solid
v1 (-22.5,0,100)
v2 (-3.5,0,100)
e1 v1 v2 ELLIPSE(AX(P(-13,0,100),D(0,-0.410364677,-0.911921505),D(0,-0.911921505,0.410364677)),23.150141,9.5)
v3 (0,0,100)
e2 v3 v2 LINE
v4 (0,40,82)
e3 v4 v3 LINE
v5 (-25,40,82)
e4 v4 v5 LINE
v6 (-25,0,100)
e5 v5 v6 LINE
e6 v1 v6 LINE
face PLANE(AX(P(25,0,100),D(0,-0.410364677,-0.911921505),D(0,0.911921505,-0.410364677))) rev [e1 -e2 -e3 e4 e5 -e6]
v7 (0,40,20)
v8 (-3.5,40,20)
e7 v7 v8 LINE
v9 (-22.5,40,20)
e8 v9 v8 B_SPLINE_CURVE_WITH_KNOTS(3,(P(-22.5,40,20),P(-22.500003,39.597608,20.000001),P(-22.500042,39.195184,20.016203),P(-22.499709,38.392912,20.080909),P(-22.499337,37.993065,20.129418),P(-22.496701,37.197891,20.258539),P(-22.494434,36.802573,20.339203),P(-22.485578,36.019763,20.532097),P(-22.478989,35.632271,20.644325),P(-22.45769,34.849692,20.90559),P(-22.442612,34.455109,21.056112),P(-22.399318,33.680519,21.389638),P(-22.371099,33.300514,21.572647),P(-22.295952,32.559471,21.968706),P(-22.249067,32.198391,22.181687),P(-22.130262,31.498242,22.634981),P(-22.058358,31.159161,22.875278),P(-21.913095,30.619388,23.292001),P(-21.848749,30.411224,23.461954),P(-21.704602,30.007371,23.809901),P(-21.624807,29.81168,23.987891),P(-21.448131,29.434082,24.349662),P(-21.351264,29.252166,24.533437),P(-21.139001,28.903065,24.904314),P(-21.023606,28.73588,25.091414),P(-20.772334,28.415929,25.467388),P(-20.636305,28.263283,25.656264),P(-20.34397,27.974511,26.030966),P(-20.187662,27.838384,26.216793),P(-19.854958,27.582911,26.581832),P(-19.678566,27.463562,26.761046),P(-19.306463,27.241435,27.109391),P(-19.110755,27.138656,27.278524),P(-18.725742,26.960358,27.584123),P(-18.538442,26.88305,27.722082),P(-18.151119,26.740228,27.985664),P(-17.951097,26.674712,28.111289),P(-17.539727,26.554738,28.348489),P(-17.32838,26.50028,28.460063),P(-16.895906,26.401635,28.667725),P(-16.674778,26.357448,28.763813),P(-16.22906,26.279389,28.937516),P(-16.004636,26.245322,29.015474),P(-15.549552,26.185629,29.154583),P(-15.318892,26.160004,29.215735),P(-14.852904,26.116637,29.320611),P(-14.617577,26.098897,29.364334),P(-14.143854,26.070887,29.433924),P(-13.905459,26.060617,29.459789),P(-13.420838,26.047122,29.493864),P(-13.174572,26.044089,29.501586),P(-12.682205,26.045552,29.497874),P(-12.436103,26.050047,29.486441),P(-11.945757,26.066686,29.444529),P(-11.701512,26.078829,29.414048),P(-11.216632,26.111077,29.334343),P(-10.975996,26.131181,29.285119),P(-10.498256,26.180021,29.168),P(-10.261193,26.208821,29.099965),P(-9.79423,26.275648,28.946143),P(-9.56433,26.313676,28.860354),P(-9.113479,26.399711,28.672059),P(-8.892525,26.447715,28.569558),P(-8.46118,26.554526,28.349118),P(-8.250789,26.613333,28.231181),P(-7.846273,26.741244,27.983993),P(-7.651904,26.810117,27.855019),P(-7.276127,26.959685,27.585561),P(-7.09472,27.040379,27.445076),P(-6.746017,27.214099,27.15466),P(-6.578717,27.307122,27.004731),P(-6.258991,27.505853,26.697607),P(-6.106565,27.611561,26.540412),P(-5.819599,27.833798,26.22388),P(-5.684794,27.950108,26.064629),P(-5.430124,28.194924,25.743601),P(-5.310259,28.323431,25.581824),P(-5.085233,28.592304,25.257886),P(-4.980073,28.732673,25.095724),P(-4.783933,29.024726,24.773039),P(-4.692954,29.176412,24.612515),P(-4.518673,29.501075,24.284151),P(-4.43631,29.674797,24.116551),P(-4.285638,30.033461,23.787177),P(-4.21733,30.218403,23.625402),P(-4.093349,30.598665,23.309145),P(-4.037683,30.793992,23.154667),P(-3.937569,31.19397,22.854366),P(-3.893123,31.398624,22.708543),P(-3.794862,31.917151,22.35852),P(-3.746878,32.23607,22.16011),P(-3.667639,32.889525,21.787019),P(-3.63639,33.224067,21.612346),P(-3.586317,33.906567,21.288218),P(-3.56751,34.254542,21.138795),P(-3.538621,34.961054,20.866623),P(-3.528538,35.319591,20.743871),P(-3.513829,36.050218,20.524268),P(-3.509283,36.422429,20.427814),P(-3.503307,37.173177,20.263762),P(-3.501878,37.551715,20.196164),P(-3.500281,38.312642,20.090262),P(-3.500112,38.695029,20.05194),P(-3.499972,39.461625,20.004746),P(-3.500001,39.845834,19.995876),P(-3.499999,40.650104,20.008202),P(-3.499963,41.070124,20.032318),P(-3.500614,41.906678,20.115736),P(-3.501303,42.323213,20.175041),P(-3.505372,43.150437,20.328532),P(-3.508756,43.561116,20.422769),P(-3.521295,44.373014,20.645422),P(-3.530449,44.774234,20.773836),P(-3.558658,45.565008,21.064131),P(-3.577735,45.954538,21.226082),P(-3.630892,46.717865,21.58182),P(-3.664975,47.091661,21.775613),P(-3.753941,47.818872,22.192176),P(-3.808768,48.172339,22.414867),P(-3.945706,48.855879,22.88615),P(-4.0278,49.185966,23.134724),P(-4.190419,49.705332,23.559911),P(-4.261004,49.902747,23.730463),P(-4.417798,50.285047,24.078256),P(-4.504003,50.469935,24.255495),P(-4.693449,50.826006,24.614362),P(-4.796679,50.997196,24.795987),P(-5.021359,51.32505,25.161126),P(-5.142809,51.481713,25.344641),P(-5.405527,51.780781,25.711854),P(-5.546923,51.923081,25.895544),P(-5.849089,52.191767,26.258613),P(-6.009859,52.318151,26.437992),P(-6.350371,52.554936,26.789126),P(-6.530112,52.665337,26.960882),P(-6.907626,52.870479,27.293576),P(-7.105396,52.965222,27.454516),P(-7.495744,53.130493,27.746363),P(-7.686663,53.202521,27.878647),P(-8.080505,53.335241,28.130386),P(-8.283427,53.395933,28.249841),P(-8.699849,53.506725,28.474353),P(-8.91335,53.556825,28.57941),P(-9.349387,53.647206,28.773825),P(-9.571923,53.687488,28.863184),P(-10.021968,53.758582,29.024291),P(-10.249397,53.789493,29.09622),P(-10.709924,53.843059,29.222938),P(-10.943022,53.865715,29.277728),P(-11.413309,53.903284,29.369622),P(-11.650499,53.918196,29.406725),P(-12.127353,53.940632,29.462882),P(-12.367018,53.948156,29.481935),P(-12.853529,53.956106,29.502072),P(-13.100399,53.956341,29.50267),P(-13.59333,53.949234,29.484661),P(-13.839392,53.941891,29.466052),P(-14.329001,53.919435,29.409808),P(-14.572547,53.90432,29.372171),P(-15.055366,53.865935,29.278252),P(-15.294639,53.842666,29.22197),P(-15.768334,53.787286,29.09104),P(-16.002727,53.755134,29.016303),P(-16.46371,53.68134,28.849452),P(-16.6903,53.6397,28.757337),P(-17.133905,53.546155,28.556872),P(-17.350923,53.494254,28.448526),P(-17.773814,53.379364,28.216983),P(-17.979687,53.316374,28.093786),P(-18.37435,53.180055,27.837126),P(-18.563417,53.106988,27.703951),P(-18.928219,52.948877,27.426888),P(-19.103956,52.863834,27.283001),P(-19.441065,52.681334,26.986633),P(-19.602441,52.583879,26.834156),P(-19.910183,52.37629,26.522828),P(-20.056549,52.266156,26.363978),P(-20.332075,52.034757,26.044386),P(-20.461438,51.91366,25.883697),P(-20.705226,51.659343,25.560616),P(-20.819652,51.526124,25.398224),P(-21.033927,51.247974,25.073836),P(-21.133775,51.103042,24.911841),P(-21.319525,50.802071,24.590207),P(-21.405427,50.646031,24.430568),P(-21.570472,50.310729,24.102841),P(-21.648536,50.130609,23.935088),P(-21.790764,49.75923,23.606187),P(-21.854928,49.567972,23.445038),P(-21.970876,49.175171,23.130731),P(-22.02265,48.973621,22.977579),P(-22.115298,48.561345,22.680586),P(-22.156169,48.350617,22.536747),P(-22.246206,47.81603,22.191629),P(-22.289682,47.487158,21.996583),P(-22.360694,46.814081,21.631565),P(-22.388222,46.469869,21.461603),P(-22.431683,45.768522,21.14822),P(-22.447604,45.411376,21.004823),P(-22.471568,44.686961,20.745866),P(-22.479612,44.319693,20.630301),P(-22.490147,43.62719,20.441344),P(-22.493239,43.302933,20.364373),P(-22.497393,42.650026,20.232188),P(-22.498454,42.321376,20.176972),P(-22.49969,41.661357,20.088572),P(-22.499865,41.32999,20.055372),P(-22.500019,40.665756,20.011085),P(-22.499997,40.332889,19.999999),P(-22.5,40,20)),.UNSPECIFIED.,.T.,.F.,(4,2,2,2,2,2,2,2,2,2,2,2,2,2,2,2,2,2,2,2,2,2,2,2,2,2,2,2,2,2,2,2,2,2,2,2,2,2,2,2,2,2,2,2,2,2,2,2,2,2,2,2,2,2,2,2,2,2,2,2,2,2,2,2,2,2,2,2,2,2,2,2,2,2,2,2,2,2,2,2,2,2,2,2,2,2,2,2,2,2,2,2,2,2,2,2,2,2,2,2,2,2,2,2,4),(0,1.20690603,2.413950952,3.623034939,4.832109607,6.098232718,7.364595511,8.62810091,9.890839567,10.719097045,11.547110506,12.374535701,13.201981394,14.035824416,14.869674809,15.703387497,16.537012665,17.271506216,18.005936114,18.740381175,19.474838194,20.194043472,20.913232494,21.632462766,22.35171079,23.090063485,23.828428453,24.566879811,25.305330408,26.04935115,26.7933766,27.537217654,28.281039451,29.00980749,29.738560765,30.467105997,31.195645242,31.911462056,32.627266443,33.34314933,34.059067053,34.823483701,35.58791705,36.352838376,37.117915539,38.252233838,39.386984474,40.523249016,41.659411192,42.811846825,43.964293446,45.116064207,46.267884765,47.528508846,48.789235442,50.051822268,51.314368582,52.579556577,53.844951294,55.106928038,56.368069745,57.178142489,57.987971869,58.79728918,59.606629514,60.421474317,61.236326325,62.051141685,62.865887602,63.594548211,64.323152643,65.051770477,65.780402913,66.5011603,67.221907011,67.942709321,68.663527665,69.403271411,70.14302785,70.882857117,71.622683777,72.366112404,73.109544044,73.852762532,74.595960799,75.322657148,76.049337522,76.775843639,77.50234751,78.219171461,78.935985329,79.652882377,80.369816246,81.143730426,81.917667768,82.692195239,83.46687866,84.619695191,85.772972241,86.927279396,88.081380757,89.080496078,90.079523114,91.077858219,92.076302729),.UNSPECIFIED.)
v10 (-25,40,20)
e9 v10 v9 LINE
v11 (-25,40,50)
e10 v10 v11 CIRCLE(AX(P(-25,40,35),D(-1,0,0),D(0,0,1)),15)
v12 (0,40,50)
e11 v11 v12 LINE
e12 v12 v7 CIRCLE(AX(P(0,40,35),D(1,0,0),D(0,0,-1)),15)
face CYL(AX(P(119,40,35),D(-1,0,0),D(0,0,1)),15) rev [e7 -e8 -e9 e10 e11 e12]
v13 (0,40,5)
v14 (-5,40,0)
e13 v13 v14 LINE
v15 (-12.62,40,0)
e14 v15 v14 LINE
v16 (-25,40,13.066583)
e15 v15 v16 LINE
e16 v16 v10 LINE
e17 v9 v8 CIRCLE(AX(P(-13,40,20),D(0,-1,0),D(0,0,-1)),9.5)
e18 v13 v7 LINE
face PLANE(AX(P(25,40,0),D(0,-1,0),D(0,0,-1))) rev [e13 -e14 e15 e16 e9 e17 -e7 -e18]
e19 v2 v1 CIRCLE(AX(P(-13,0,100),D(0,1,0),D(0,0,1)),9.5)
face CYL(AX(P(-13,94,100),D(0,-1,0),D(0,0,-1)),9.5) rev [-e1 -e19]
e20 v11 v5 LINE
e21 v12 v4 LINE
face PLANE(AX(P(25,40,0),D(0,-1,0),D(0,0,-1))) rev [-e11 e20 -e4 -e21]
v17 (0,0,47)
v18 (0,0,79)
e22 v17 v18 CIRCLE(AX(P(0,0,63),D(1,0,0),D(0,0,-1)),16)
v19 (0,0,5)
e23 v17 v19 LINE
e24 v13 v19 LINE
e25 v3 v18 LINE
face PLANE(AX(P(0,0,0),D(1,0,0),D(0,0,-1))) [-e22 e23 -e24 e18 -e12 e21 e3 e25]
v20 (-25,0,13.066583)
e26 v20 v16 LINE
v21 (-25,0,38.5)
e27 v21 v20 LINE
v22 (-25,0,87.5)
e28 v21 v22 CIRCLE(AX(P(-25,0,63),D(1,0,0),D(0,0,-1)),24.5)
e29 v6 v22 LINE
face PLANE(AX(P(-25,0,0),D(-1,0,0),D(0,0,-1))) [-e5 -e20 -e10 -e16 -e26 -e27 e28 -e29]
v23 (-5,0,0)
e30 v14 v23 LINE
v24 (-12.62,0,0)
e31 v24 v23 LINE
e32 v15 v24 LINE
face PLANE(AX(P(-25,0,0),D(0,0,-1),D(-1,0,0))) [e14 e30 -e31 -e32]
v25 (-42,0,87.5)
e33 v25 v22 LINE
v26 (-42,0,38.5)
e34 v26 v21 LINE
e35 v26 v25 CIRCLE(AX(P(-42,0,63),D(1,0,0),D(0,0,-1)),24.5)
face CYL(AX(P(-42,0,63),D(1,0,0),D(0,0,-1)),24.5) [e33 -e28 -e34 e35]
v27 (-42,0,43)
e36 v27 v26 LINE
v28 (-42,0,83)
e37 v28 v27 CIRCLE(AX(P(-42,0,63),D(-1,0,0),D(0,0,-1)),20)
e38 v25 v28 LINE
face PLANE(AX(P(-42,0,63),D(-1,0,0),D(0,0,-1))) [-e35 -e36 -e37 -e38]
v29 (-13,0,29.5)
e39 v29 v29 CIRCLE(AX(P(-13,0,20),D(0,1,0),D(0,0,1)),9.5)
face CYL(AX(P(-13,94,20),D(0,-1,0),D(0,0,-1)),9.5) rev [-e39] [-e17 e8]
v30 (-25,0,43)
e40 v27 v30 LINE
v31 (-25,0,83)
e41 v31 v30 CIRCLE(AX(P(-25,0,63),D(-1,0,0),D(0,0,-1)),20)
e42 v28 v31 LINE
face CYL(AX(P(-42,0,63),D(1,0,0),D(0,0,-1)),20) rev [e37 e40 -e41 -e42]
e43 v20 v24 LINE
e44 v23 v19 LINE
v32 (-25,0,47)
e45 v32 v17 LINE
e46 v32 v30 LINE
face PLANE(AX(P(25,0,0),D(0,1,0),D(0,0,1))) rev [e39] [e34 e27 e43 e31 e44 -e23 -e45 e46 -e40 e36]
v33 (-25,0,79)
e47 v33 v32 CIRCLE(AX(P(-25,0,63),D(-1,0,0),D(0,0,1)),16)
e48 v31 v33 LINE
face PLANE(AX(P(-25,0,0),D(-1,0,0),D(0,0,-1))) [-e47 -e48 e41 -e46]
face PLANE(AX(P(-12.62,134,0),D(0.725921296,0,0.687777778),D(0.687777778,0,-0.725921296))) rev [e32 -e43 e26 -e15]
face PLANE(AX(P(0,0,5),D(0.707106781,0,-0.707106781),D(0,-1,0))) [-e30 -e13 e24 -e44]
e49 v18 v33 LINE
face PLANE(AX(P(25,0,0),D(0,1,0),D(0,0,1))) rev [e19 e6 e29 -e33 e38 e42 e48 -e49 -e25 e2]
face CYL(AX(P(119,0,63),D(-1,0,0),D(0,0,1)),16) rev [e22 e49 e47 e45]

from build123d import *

# Parameters (mm, degrees)
SALIENTE_EXTRUIR1_DEPTH    = 25
CORTAR_EXTRUIR1_START      = -94
CROQUIS2_R                 = 9.5
CORTAR_EXTRUIR1_DEPTH      = 148
CROQUIS3_R                 = 15
CROQUIS3_R_2               = 16
CORTAR_EXTRUIR2_DEPTH      = 94
CORTAR_EXTRUIR3_DEPTH      = 94
CHAFL_N2_SIZE              = 5
SALIENTE_EXTRUIR2_DEPTH    = 17
CHAFL_N2_OF_SIMETR_A1_SIZE = 5
CROQUIS6_W                 = 120.154705919
CROQUIS6_H                 = 59.700185721
CORTAR_EXTRUIR4_DEPTH      = 90


with BuildPart() as part:
    # Croquis1 → Saliente-Extruir1 (new body)
    with BuildSketch(Plane(origin=(0, 0, 0), x_dir=(0, 0, -1), z_dir=(1, 0, 0))):
        Polygon((-100, 0), (-82, 40), (0, 40), (0, 0), align=None)
    saliente_extruir1 = extrude(amount=SALIENTE_EXTRUIR1_DEPTH)

    # Croquis2 → Cortar-Extruir1 (cut)
    with BuildSketch(Plane(origin=(0, 40, 0), x_dir=(1, 0, 0), z_dir=(0, 1, 0)).offset(CORTAR_EXTRUIR1_START)):
        with Locations((13, -100)):
            Circle(CROQUIS2_R)
        with Locations((13, -20)):
            Circle(CROQUIS2_R)
    cortar_extruir1 = extrude(amount=CORTAR_EXTRUIR1_DEPTH, mode=Mode.SUBTRACT)

    # Croquis3 → Cortar-Extruir2 (cut, symmetric)
    with BuildSketch(Plane(origin=(25, 0, 0), x_dir=(0, 0, -1), z_dir=(1, 0, 0))):
        with Locations((-35, 40)):
            Circle(CROQUIS3_R)
        with Locations((-63, 0)):
            Circle(CROQUIS3_R_2)
    cortar_extruir2 = extrude(amount=CORTAR_EXTRUIR2_DEPTH, both=True, mode=Mode.SUBTRACT)

    # Croquis4 → Cortar-Extruir3 (cut, symmetric)
    with BuildSketch(Plane(origin=(0, 40, 0), x_dir=(1, 0, 0), z_dir=(0, 1, 0))):
        Polygon((12.62, 0), (25, -13.066583333), (25, 0), align=None)
    cortar_extruir3 = extrude(amount=CORTAR_EXTRUIR3_DEPTH, both=True, mode=Mode.SUBTRACT)

    # Chaflán2
    chafl_n2_edges = [part.edges().sort_by_distance(p)[0] for p in [
        (0, 20, 0),
    ]]
    chamfer(chafl_n2_edges, length=CHAFL_N2_SIZE)

    # Croquis5 → Saliente-Extruir2 (add)
    with BuildSketch(Plane(origin=(25, 0, 0), x_dir=(0, 0, -1), z_dir=(1, 0, 0))):
        with BuildLine():
            Line((-87.5, 0), (-83, 0))
            ThreePointArc((-83, 0), (-63, 20), (-43, 0))
            Line((-43, 0), (-38.5, 0))
            ThreePointArc((-38.5, 0), (-63, 24.5), (-87.5, 0))
        make_face()
    saliente_extruir2 = extrude(amount=SALIENTE_EXTRUIR2_DEPTH)


with BuildPart() as simetr_a1_1:
    # Simetría1: Saliente-Extruir1 across plane
    add(saliente_extruir1.mirror(Plane(origin=(0, 0, 0), x_dir=(0, 0, 1), z_dir=(1, 0, 0))))

    # Simetr_a1 2: Cortar-Extruir1, Cortar-Extruir2, Cortar-Extruir3 across plane
    add(cortar_extruir1.mirror(Plane(origin=(0, 0, 0), x_dir=(0, 0, 1), z_dir=(1, 0, 0))), mode=Mode.SUBTRACT)
    add(cortar_extruir2.mirror(Plane(origin=(0, 0, 0), x_dir=(0, 0, 1), z_dir=(1, 0, 0))), mode=Mode.SUBTRACT)
    add(cortar_extruir3.mirror(Plane(origin=(0, 0, 0), x_dir=(0, 0, 1), z_dir=(1, 0, 0))), mode=Mode.SUBTRACT)

    # Chaflán2 of Simetría1
    chafl_n2_of_simetr_a1_edges = [simetr_a1_1.edges().sort_by_distance(p)[0] for p in [
        (0, 20, 0),
    ]]
    chamfer(chafl_n2_of_simetr_a1_edges, length=CHAFL_N2_OF_SIMETR_A1_SIZE)


with BuildPart() as simetr_a1_3_1:
    # Simetr_a1 3: Saliente-Extruir2 across plane
    add(saliente_extruir2.mirror(Plane(origin=(0, 0, 0), x_dir=(0, 0, 1), z_dir=(1, 0, 0))))


with BuildPart() as part_1:
    add(part.part)

    # Simetría1 united with what the copies to: union Simetría1_1, Simetría1 3_1
    add(simetr_a1_1.part)
    add(simetr_a1_3_1.part)

    # Croquis6 → Cortar-Extruir4 (cut)
    with BuildSketch(Plane(origin=(0, 0, 0), x_dir=(0, 0, -1), z_dir=(1, 0, 0))):
        with Locations((-45.74339831, 19.581609369)):
            Rectangle(CROQUIS6_W, CROQUIS6_H)
    extrude(amount=CORTAR_EXTRUIR4_DEPTH, mode=Mode.SUBTRACT)


solid = part_1.part
